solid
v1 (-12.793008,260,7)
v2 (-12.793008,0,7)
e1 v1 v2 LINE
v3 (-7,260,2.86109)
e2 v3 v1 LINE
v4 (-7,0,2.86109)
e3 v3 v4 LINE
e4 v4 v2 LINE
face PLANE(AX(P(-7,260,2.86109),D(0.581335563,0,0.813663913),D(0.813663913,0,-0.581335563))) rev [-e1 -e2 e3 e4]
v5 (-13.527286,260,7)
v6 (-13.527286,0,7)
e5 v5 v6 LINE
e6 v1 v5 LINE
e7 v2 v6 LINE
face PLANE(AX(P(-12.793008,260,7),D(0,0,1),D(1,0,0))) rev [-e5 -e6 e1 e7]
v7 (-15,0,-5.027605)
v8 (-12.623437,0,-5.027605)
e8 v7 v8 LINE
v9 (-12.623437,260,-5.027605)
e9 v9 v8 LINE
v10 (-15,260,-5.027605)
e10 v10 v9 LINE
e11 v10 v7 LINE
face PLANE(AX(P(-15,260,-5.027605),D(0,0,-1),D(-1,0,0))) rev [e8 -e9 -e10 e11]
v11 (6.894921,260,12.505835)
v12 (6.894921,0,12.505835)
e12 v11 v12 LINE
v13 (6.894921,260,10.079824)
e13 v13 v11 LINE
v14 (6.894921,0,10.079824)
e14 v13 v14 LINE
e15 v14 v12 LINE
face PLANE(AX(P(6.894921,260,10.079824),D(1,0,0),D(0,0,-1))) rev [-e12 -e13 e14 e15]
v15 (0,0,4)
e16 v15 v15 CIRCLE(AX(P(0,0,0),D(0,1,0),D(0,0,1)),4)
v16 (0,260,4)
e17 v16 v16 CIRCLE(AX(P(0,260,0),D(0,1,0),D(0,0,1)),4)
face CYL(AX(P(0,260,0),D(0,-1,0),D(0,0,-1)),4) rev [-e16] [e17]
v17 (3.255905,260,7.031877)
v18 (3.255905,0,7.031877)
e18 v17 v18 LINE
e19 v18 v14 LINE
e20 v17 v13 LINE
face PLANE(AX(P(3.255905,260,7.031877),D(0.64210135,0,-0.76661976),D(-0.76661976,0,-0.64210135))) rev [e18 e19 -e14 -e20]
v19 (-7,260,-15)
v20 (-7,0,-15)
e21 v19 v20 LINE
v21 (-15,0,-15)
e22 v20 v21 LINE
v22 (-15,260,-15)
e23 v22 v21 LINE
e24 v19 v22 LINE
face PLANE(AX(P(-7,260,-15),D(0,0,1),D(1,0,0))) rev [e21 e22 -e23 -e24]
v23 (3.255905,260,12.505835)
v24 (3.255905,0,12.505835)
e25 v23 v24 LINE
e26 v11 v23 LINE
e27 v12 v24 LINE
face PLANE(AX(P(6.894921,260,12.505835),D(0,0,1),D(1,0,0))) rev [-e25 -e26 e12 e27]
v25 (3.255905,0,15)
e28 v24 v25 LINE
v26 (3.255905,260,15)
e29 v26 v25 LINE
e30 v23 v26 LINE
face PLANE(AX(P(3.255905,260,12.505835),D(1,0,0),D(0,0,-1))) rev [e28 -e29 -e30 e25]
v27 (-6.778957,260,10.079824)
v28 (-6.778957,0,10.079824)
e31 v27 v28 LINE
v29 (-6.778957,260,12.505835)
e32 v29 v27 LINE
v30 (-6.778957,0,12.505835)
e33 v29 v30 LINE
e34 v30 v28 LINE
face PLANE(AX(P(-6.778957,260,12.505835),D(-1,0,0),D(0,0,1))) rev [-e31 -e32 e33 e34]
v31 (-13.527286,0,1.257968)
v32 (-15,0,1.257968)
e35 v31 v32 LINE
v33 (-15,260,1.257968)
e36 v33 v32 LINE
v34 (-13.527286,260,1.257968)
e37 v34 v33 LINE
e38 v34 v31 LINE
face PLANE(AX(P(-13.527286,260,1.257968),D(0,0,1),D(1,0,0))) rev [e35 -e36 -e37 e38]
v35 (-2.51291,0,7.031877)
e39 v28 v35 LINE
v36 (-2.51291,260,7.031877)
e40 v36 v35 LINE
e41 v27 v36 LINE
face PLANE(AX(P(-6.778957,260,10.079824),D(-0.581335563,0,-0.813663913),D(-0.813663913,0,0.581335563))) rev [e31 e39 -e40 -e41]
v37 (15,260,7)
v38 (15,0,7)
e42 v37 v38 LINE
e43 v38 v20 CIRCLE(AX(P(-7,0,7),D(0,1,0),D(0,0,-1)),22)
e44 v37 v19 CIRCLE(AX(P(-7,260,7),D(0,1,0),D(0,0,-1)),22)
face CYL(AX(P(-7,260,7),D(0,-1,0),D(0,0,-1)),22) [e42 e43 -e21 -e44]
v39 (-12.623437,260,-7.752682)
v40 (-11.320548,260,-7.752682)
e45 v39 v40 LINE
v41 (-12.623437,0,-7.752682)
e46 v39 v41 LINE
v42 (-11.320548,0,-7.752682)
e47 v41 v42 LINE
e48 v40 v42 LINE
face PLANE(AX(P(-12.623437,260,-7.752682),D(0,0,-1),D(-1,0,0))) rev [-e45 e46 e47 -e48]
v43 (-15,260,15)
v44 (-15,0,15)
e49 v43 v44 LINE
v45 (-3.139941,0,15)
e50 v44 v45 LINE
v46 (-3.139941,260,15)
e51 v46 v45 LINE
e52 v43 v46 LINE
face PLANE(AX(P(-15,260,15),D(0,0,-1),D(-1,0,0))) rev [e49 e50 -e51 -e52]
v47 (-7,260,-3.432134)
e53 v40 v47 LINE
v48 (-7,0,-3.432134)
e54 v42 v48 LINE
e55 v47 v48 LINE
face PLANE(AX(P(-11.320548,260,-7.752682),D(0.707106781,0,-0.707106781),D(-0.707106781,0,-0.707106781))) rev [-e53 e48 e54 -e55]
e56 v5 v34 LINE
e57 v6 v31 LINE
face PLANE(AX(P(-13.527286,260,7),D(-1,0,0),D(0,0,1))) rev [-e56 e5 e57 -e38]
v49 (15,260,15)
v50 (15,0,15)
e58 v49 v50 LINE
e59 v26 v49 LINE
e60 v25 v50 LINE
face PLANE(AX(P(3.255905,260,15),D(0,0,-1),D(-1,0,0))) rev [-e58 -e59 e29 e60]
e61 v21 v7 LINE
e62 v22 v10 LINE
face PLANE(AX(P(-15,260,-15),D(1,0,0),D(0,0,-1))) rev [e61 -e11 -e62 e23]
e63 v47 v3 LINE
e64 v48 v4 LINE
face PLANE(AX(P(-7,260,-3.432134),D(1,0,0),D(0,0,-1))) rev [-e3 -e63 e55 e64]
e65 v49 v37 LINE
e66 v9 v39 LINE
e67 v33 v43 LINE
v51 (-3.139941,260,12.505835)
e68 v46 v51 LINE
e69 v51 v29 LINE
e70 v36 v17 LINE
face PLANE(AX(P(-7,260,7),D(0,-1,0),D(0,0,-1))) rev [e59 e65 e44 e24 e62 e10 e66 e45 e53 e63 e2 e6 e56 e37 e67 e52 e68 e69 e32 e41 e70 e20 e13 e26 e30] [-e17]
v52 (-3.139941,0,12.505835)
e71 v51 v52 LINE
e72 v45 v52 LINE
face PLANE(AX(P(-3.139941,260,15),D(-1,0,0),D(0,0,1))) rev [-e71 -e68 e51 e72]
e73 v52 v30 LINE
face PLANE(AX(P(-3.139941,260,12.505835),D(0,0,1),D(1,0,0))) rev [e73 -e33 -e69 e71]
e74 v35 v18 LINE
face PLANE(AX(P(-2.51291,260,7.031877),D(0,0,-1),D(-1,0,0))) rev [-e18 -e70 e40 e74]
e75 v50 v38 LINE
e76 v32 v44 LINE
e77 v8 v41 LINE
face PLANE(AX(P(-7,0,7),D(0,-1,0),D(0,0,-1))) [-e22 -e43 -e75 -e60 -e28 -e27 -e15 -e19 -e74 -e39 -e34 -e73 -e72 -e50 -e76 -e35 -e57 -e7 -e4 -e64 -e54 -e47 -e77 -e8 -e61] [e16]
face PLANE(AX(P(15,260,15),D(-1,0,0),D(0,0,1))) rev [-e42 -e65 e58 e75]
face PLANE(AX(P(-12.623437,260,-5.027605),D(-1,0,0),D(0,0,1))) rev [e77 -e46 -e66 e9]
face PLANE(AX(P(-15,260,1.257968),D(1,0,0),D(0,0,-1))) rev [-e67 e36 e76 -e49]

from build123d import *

# Parameters (mm, degrees)
CROQUIS1_R              = 4
SALIENTE_EXTRUIR1_DEPTH = 260


with BuildPart() as part:
    # Croquis1 → Saliente-Extruir1 (new body)
    with BuildSketch(Plane(origin=(0, 0, 0), x_dir=(1, 0, 0), z_dir=(0, 1, 0))):
        with BuildLine():
            Line((-7, 15), (-15, 15))
            Line((-15, 15), (-15, 5.027604917))
            Line((-15, 5.027604917), (-12.623437069, 5.027604917))
            Line((-12.623437069, 5.027604917), (-12.623437069, 7.752682341))
            Line((-12.623437069, 7.752682341), (-11.320548438, 7.752682341))
            Line((-11.320548438, 7.752682341), (-7, 3.432133903))
            Line((-7, 3.432133903), (-7, -2.861090311))
            Line((-7, -2.861090311), (-12.793007796, -7))
            Line((-12.793007796, -7), (-13.527286117, -7))
            Line((-13.527286117, -7), (-13.527286117, -1.25796789))
            Line((-13.527286117, -1.25796789), (-15, -1.25796789))
            Line((-15, -1.25796789), (-15, -15))
            Line((-15, -15), (-3.139941254, -15))
            Line((-3.139941254, -15), (-3.139941254, -12.505835019))
            Line((-3.139941254, -12.505835019), (-6.77895709, -12.505835019))
            Line((-6.77895709, -12.505835019), (-6.77895709, -10.079824462))
            Line((-6.77895709, -10.079824462), (-2.512909638, -7.031876702))
            Line((-2.512909638, -7.031876702), (3.25590476, -7.031876702))
            Line((3.25590476, -7.031876702), (6.894920596, -10.079824462))
            Line((6.894920596, -10.079824462), (6.894920596, -12.505835019))
            Line((6.894920596, -12.505835019), (3.25590476, -12.505835019))
            Line((3.25590476, -12.505835019), (3.25590476, -15))
            Line((3.25590476, -15), (15, -15))
            Line((15, -15), (15, -7))
            ThreePointArc((15, -7), (8.556349186, 8.556349186), (-7, 15))
        make_face()
        Circle(CROQUIS1_R, mode=Mode.SUBTRACT)
    extrude(amount=SALIENTE_EXTRUIR1_DEPTH)


solid = part.part
